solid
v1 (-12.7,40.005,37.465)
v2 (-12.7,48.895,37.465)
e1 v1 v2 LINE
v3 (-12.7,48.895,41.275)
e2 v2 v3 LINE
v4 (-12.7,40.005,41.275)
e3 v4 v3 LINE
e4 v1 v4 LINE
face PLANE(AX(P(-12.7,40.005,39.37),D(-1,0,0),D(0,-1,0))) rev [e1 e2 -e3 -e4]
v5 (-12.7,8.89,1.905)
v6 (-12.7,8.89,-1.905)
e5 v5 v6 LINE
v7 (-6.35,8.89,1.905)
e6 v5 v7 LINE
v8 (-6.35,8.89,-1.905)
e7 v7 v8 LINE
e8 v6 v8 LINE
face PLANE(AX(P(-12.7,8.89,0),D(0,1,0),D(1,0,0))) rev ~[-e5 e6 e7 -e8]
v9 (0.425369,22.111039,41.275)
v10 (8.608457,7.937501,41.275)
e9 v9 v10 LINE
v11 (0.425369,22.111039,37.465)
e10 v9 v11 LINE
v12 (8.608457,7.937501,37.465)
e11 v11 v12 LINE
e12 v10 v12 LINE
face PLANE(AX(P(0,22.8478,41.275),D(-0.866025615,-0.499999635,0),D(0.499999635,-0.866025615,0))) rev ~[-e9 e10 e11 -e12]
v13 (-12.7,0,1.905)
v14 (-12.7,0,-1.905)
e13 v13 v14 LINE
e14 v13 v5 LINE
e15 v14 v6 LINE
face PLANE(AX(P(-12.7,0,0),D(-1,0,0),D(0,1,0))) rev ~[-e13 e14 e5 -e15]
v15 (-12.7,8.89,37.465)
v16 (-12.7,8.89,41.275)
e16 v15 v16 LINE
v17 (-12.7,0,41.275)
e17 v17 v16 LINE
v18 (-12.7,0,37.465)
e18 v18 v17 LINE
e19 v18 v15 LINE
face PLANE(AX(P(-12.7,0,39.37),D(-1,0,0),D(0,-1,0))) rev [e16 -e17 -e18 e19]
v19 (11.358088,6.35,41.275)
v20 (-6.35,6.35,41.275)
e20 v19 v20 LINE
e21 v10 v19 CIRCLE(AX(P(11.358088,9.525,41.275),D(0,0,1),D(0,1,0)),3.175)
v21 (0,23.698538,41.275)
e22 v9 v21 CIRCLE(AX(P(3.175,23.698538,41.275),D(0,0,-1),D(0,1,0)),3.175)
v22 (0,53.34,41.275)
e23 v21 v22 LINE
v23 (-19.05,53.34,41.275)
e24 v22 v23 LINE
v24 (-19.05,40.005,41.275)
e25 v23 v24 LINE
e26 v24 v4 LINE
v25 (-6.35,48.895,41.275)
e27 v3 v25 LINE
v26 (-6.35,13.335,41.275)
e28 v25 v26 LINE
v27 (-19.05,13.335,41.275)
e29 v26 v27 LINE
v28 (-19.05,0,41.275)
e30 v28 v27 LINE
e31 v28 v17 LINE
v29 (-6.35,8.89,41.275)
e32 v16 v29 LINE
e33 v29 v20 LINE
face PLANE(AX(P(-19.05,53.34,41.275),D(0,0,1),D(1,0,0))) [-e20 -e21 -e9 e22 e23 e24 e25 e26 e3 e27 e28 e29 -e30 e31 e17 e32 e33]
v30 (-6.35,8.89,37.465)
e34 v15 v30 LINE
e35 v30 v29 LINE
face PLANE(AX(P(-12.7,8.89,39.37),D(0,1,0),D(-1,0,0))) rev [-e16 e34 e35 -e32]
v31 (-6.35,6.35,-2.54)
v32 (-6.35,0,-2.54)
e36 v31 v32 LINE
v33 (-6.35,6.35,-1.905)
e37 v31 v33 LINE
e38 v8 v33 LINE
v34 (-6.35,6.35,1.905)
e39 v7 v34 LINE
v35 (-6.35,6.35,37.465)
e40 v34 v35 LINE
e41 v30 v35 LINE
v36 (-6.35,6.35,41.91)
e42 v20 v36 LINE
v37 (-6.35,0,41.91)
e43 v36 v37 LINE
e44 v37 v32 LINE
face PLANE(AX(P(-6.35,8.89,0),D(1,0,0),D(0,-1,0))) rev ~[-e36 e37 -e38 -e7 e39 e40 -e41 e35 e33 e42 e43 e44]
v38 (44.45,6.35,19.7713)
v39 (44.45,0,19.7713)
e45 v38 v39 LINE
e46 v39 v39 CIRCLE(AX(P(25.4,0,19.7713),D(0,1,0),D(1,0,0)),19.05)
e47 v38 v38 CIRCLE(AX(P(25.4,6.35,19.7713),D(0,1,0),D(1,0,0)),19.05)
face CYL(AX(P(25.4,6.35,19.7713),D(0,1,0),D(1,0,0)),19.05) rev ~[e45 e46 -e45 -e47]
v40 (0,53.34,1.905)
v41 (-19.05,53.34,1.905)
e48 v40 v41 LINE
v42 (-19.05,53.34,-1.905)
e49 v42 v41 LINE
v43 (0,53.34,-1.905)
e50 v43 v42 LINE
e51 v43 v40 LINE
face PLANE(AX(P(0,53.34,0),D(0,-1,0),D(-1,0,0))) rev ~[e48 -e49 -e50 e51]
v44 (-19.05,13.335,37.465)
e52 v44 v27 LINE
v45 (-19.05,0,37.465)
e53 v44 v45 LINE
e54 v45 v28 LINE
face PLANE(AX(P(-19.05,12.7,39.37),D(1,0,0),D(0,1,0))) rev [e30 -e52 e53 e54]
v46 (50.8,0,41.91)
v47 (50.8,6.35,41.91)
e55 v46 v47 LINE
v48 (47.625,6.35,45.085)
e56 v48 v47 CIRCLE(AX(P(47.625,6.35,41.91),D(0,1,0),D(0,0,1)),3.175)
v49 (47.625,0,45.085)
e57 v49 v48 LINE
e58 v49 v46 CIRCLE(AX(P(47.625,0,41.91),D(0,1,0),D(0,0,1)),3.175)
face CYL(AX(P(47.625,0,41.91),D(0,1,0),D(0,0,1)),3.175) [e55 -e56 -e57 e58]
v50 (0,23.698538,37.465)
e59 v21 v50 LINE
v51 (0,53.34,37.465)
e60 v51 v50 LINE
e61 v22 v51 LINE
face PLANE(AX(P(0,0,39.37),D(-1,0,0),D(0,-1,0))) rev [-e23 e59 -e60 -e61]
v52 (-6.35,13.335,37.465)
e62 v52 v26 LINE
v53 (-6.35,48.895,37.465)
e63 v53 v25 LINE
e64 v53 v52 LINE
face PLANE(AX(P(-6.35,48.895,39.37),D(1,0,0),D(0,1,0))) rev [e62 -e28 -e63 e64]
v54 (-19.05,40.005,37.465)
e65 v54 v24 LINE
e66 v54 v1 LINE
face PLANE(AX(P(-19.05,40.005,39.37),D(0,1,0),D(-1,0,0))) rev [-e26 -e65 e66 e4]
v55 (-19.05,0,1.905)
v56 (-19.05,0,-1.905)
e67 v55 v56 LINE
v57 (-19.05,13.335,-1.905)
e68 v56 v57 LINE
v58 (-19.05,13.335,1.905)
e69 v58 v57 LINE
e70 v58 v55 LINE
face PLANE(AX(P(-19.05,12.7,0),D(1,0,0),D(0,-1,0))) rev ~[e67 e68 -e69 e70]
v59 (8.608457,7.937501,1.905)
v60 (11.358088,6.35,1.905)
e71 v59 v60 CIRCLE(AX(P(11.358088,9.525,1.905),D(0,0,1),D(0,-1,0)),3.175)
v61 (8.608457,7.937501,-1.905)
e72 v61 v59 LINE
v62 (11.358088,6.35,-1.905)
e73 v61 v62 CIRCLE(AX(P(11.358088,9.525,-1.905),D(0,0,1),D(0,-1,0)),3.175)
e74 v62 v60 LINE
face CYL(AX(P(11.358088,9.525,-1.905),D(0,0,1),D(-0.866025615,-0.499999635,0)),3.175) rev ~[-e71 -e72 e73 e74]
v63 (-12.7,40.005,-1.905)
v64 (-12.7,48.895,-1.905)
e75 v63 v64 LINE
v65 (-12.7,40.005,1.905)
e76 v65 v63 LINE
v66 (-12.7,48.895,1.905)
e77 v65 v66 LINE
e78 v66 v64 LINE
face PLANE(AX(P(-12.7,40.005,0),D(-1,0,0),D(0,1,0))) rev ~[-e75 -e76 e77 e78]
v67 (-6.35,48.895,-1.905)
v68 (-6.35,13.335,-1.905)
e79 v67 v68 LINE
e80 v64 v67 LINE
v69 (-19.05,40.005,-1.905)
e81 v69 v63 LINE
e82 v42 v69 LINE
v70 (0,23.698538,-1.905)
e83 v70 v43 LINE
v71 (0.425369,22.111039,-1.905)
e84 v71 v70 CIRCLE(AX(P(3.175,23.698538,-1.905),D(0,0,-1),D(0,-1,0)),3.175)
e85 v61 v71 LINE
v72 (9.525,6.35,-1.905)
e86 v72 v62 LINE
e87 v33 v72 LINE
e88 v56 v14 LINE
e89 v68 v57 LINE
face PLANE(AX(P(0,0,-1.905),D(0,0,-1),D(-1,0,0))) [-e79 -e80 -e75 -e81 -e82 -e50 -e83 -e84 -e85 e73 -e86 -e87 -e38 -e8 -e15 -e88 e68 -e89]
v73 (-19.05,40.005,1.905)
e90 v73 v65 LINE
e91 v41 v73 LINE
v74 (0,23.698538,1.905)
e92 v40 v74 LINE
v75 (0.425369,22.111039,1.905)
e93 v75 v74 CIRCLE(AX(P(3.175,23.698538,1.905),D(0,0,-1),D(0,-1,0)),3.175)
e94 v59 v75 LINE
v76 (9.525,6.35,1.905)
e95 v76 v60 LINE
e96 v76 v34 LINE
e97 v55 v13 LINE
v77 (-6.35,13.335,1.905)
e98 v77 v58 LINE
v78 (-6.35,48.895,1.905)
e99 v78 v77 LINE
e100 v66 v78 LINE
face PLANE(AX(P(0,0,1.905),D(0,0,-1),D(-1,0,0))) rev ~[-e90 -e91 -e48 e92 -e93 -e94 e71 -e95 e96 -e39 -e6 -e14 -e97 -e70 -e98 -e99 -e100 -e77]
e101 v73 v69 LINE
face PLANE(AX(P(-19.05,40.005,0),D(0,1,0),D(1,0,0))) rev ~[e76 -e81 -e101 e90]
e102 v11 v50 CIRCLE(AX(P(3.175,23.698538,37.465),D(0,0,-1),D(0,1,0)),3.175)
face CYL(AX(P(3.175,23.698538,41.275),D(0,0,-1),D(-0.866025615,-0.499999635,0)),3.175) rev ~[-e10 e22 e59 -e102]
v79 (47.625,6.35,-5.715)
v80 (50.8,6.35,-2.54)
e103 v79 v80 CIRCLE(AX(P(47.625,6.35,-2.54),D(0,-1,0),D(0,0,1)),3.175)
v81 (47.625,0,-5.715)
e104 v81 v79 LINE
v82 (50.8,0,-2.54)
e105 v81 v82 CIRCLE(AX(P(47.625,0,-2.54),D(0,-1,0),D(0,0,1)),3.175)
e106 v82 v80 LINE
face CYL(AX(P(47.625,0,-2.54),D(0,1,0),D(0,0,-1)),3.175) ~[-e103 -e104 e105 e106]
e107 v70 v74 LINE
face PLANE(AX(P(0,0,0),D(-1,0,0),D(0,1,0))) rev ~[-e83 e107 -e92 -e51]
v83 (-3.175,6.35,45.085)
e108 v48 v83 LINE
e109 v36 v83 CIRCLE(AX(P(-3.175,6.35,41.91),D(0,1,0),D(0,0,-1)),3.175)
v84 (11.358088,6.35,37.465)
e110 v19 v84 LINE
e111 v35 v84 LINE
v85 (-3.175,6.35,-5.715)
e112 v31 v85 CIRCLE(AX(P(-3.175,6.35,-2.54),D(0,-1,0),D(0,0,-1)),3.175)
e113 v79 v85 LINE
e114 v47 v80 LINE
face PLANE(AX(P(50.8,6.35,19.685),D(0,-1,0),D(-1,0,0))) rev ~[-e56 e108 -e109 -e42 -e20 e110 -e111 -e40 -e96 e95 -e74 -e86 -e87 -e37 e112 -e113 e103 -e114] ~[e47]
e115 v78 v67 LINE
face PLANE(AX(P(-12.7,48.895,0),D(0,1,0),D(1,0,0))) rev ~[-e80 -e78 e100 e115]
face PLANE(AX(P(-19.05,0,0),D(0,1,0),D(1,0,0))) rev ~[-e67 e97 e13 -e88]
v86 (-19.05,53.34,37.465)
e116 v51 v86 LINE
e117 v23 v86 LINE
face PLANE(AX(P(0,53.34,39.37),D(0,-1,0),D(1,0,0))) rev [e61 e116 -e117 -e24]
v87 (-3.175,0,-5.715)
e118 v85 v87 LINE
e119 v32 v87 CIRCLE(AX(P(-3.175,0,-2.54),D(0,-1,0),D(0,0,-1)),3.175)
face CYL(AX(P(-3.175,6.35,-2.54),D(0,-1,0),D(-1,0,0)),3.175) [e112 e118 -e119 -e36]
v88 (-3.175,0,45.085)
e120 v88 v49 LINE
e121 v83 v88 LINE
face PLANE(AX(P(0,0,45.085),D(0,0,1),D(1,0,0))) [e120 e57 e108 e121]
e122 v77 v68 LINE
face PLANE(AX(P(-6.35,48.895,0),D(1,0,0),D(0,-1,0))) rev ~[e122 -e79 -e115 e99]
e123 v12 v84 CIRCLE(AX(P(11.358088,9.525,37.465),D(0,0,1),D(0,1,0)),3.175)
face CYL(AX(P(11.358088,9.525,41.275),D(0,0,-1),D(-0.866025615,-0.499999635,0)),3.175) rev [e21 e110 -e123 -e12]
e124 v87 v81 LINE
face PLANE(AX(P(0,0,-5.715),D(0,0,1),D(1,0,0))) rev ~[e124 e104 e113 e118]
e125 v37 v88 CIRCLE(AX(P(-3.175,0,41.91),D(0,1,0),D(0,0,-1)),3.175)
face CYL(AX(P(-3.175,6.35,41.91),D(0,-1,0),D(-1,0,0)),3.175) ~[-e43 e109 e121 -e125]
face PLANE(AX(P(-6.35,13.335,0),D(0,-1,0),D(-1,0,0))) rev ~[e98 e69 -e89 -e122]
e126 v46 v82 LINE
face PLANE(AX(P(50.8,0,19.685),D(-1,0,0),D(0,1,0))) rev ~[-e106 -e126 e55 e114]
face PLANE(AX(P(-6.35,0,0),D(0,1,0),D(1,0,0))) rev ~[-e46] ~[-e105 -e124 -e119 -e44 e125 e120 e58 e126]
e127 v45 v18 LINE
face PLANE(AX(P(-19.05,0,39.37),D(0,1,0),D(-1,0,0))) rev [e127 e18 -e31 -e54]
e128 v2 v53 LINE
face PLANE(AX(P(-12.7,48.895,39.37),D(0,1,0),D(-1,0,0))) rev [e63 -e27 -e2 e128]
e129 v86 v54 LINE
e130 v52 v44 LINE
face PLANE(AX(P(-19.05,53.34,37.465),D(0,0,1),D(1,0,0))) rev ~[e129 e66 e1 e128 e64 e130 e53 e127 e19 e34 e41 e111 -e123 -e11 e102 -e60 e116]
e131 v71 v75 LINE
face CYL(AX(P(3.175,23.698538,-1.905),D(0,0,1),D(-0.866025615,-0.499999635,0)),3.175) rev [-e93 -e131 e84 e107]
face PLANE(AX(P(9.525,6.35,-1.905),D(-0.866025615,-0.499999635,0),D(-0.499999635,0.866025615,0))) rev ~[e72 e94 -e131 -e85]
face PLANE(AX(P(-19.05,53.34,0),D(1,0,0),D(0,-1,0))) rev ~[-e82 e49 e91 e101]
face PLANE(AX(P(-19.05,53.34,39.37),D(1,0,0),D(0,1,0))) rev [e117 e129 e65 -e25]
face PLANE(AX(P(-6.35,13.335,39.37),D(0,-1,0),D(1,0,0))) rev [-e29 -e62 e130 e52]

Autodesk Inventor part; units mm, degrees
ref_plane "YZ Plane" through (0, 0, 0) normal (1, 0, 0) x (0, 1, 0)
ref_plane "XZ Plane" through (0, 0, 0) normal (0, 1, 0) x (-1, 0, 0)
sketch "Sketch1" plane through (0, 0, 0) normal (0, 0, 1) x (1, 0, 0)
  line L0 (0, 6.35) -> (0, 53.34)
  line L1 (0, 53.34) -> (-19.05, 53.34)
  line L2 (-19.05, 53.34) -> (-19.05, 55.245)
  line L3 (-12.7, 48.895) -> (-6.35, 48.895)
  line L4 (-6.35, 48.895) -> (-6.35, 13.335)
  line L5 (-6.35, 13.335) -> (-19.05, 13.335)
  line L6 (-19.05, 13.335) -> (-19.05, 12.7)
  line L7 (-12.7, 8.89) -> (-6.35, 8.89)
  line L8 (-6.35, 8.89) -> (-6.35, 0)
  line L9 (-6.35, 0) -> (0, 0)
  line L10 (-19.05, 55.245) -> (-19.05, 40.005)
  line L11 (-19.05, 40.005) -> (-12.7, 40.005)
  line L12 (-12.7, 40.005) -> (-12.7, 48.895)
  line L13 (-19.05, 12.7) -> (-19.05, 0)
  line L14 (-19.05, 0) -> (-12.7, 0)
  line L15 (-12.7, 0) -> (-12.7, 8.89)
  line L16 (0, 0) -> (0, 6.35)
  point P0 (-19.05, 53.34)
  point P1 (-19.05, 11.43)
  dimension "d1" = 35.56
  dimension "d2" = 4.445
  dimension "d3" = 4.445
  dimension "d4" = 6.35
  dimension "d6" = 6.35
  dimension "d7" = 6.35
  dimension "d13" = 13.335
  dimension "d14" = 13.335
extrude "Extrusion1" add sketch "Sketch1" along normal mid plane 3.81
ref_plane "Work Plane1" through (0, 0, 19.685) normal (0, 0, 1) x (1, 0, 0)
mirror "Mirror1" about plane through (0, 0, 19.685) normal (0, 0, 1) of "Extrusion1"
sketch "Sketch4" plane through (0, 0, 19.685) normal (0, 0, 1) x (1, 0, 0)
  line L0 (-6.35, 8.89) -> (-6.35, 0) projected
  line L1 (-6.35, 0) -> (50.8, 0)
  line L2 (50.8, 0) -> (50.8, 6.35)
  line L3 (50.8, 6.35) -> (-6.35, 6.35)
  line L4 (-6.35, 6.35) -> (-6.35, 0)
  point P0 (0, 0)
  dimension "d23" = 57.15
  dimension "d24" = 6.35
extrude "Extrusion4" add sketch "Sketch4" along normal mid plane 50.8
sketch "Sketch5" plane through (-6.35, 6.35, 45.085) normal (0, 1, 0) x (1, 0, 0)
  line L0 (0, 50.8) -> (57.15, 50.8) construction
  line L1 (6.35, 50.8) -> (6.35, -0.1726) construction
  line L2 (57.15, 50.8) -> (57.15, 0) construction
  line L3 (6.35, 50.8) -> (57.15, 0) construction
  line L4 (6.35, -0.1726) -> (57.15, 50.8) construction
  circle A0 centre (31.75, 25.3137) radius 19.05
  point P0 (6.35, 45.085)
  dimension "d27" = 38.1
extrude "Extrusion5" cut sketch "Sketch5" against normal through all
fillet "Fillet1" radius 3.175 4 edges at (-6.35, 3.175, 45.085) (50.8, 3.175, 45.085) (50.8, 3.175, -5.715) (-6.35, 3.175, -5.715)
ref_plane "Work Plane2" through (0, 0, 19.685) normal (0, 0, 1) x (1, 0, 0)
sketch "Sketch6" plane through (-19.05, 53.34, 41.275) normal (0, 0, 1) x (1, 0, 0)
  line L0 (19.05, 0) -> (19.05, -46.99) projected
  line L1 (66.675, -46.99) -> (15.875, -46.99) projected
  line L2 (19.05, -46.99) -> (19.05, 0) projected
  line L3 (19.05, -30.4922) -> (28.575, -46.99)
  line L4 (28.575, -46.99) -> (19.05, -46.99)
  line L5 (19.05, -46.99) -> (19.05, -30.4922)
  point P0 (19.05, -53.34)
  dimension "d37" = 9.525
  dimension "d38" = 60
extrude "Extrusion6" add sketch "Sketch6" against normal up to surface (3.81 mm away)
fillet "Fillet2" radius 3.175 2 edges at (9.525, 6.35, 39.37) (0, 22.8478, 39.37)
sketch "Sketch7" plane through (0, 0, -1.905) normal (0, 0, -1) x (-1, 0, 0)
  line L0 (0, 53.34) -> (0, 6.35) projected
  line L1 (3.175, 6.35) -> (-47.625, 6.35) projected
  line L2 (0, 6.35) -> (0, 53.34) projected
  line L3 (0, 22.8478) -> (0, 6.35)
  line L4 (0, 6.35) -> (-9.525, 6.35)
  line L5 (-11.3581, 6.35) -> (6.35, 6.35) projected
  line L6 (-9.525, 6.35) -> (0, 22.8478)
  point P0 (0, 0)
  dimension "d42" = 60
  dimension "d43" = 9.525
extrude "Extrusion7" add sketch "Sketch7" against normal up to surface (3.81 mm away)
fillet "Fillet3" radius 3.175 2 edges at (0, 22.8478, 0) (9.525, 6.35, 0)
equation "\"d11\" = width"
equation "\"d15\" = oneHalfSpacing"
equation "\"width\" = 3.81"
equation "\"spacing\" = 39.37"
equation "\"oneHalfSpacing\" = 0.5 * spacing"
properties part number "round_1_5_inchHoleV01"
